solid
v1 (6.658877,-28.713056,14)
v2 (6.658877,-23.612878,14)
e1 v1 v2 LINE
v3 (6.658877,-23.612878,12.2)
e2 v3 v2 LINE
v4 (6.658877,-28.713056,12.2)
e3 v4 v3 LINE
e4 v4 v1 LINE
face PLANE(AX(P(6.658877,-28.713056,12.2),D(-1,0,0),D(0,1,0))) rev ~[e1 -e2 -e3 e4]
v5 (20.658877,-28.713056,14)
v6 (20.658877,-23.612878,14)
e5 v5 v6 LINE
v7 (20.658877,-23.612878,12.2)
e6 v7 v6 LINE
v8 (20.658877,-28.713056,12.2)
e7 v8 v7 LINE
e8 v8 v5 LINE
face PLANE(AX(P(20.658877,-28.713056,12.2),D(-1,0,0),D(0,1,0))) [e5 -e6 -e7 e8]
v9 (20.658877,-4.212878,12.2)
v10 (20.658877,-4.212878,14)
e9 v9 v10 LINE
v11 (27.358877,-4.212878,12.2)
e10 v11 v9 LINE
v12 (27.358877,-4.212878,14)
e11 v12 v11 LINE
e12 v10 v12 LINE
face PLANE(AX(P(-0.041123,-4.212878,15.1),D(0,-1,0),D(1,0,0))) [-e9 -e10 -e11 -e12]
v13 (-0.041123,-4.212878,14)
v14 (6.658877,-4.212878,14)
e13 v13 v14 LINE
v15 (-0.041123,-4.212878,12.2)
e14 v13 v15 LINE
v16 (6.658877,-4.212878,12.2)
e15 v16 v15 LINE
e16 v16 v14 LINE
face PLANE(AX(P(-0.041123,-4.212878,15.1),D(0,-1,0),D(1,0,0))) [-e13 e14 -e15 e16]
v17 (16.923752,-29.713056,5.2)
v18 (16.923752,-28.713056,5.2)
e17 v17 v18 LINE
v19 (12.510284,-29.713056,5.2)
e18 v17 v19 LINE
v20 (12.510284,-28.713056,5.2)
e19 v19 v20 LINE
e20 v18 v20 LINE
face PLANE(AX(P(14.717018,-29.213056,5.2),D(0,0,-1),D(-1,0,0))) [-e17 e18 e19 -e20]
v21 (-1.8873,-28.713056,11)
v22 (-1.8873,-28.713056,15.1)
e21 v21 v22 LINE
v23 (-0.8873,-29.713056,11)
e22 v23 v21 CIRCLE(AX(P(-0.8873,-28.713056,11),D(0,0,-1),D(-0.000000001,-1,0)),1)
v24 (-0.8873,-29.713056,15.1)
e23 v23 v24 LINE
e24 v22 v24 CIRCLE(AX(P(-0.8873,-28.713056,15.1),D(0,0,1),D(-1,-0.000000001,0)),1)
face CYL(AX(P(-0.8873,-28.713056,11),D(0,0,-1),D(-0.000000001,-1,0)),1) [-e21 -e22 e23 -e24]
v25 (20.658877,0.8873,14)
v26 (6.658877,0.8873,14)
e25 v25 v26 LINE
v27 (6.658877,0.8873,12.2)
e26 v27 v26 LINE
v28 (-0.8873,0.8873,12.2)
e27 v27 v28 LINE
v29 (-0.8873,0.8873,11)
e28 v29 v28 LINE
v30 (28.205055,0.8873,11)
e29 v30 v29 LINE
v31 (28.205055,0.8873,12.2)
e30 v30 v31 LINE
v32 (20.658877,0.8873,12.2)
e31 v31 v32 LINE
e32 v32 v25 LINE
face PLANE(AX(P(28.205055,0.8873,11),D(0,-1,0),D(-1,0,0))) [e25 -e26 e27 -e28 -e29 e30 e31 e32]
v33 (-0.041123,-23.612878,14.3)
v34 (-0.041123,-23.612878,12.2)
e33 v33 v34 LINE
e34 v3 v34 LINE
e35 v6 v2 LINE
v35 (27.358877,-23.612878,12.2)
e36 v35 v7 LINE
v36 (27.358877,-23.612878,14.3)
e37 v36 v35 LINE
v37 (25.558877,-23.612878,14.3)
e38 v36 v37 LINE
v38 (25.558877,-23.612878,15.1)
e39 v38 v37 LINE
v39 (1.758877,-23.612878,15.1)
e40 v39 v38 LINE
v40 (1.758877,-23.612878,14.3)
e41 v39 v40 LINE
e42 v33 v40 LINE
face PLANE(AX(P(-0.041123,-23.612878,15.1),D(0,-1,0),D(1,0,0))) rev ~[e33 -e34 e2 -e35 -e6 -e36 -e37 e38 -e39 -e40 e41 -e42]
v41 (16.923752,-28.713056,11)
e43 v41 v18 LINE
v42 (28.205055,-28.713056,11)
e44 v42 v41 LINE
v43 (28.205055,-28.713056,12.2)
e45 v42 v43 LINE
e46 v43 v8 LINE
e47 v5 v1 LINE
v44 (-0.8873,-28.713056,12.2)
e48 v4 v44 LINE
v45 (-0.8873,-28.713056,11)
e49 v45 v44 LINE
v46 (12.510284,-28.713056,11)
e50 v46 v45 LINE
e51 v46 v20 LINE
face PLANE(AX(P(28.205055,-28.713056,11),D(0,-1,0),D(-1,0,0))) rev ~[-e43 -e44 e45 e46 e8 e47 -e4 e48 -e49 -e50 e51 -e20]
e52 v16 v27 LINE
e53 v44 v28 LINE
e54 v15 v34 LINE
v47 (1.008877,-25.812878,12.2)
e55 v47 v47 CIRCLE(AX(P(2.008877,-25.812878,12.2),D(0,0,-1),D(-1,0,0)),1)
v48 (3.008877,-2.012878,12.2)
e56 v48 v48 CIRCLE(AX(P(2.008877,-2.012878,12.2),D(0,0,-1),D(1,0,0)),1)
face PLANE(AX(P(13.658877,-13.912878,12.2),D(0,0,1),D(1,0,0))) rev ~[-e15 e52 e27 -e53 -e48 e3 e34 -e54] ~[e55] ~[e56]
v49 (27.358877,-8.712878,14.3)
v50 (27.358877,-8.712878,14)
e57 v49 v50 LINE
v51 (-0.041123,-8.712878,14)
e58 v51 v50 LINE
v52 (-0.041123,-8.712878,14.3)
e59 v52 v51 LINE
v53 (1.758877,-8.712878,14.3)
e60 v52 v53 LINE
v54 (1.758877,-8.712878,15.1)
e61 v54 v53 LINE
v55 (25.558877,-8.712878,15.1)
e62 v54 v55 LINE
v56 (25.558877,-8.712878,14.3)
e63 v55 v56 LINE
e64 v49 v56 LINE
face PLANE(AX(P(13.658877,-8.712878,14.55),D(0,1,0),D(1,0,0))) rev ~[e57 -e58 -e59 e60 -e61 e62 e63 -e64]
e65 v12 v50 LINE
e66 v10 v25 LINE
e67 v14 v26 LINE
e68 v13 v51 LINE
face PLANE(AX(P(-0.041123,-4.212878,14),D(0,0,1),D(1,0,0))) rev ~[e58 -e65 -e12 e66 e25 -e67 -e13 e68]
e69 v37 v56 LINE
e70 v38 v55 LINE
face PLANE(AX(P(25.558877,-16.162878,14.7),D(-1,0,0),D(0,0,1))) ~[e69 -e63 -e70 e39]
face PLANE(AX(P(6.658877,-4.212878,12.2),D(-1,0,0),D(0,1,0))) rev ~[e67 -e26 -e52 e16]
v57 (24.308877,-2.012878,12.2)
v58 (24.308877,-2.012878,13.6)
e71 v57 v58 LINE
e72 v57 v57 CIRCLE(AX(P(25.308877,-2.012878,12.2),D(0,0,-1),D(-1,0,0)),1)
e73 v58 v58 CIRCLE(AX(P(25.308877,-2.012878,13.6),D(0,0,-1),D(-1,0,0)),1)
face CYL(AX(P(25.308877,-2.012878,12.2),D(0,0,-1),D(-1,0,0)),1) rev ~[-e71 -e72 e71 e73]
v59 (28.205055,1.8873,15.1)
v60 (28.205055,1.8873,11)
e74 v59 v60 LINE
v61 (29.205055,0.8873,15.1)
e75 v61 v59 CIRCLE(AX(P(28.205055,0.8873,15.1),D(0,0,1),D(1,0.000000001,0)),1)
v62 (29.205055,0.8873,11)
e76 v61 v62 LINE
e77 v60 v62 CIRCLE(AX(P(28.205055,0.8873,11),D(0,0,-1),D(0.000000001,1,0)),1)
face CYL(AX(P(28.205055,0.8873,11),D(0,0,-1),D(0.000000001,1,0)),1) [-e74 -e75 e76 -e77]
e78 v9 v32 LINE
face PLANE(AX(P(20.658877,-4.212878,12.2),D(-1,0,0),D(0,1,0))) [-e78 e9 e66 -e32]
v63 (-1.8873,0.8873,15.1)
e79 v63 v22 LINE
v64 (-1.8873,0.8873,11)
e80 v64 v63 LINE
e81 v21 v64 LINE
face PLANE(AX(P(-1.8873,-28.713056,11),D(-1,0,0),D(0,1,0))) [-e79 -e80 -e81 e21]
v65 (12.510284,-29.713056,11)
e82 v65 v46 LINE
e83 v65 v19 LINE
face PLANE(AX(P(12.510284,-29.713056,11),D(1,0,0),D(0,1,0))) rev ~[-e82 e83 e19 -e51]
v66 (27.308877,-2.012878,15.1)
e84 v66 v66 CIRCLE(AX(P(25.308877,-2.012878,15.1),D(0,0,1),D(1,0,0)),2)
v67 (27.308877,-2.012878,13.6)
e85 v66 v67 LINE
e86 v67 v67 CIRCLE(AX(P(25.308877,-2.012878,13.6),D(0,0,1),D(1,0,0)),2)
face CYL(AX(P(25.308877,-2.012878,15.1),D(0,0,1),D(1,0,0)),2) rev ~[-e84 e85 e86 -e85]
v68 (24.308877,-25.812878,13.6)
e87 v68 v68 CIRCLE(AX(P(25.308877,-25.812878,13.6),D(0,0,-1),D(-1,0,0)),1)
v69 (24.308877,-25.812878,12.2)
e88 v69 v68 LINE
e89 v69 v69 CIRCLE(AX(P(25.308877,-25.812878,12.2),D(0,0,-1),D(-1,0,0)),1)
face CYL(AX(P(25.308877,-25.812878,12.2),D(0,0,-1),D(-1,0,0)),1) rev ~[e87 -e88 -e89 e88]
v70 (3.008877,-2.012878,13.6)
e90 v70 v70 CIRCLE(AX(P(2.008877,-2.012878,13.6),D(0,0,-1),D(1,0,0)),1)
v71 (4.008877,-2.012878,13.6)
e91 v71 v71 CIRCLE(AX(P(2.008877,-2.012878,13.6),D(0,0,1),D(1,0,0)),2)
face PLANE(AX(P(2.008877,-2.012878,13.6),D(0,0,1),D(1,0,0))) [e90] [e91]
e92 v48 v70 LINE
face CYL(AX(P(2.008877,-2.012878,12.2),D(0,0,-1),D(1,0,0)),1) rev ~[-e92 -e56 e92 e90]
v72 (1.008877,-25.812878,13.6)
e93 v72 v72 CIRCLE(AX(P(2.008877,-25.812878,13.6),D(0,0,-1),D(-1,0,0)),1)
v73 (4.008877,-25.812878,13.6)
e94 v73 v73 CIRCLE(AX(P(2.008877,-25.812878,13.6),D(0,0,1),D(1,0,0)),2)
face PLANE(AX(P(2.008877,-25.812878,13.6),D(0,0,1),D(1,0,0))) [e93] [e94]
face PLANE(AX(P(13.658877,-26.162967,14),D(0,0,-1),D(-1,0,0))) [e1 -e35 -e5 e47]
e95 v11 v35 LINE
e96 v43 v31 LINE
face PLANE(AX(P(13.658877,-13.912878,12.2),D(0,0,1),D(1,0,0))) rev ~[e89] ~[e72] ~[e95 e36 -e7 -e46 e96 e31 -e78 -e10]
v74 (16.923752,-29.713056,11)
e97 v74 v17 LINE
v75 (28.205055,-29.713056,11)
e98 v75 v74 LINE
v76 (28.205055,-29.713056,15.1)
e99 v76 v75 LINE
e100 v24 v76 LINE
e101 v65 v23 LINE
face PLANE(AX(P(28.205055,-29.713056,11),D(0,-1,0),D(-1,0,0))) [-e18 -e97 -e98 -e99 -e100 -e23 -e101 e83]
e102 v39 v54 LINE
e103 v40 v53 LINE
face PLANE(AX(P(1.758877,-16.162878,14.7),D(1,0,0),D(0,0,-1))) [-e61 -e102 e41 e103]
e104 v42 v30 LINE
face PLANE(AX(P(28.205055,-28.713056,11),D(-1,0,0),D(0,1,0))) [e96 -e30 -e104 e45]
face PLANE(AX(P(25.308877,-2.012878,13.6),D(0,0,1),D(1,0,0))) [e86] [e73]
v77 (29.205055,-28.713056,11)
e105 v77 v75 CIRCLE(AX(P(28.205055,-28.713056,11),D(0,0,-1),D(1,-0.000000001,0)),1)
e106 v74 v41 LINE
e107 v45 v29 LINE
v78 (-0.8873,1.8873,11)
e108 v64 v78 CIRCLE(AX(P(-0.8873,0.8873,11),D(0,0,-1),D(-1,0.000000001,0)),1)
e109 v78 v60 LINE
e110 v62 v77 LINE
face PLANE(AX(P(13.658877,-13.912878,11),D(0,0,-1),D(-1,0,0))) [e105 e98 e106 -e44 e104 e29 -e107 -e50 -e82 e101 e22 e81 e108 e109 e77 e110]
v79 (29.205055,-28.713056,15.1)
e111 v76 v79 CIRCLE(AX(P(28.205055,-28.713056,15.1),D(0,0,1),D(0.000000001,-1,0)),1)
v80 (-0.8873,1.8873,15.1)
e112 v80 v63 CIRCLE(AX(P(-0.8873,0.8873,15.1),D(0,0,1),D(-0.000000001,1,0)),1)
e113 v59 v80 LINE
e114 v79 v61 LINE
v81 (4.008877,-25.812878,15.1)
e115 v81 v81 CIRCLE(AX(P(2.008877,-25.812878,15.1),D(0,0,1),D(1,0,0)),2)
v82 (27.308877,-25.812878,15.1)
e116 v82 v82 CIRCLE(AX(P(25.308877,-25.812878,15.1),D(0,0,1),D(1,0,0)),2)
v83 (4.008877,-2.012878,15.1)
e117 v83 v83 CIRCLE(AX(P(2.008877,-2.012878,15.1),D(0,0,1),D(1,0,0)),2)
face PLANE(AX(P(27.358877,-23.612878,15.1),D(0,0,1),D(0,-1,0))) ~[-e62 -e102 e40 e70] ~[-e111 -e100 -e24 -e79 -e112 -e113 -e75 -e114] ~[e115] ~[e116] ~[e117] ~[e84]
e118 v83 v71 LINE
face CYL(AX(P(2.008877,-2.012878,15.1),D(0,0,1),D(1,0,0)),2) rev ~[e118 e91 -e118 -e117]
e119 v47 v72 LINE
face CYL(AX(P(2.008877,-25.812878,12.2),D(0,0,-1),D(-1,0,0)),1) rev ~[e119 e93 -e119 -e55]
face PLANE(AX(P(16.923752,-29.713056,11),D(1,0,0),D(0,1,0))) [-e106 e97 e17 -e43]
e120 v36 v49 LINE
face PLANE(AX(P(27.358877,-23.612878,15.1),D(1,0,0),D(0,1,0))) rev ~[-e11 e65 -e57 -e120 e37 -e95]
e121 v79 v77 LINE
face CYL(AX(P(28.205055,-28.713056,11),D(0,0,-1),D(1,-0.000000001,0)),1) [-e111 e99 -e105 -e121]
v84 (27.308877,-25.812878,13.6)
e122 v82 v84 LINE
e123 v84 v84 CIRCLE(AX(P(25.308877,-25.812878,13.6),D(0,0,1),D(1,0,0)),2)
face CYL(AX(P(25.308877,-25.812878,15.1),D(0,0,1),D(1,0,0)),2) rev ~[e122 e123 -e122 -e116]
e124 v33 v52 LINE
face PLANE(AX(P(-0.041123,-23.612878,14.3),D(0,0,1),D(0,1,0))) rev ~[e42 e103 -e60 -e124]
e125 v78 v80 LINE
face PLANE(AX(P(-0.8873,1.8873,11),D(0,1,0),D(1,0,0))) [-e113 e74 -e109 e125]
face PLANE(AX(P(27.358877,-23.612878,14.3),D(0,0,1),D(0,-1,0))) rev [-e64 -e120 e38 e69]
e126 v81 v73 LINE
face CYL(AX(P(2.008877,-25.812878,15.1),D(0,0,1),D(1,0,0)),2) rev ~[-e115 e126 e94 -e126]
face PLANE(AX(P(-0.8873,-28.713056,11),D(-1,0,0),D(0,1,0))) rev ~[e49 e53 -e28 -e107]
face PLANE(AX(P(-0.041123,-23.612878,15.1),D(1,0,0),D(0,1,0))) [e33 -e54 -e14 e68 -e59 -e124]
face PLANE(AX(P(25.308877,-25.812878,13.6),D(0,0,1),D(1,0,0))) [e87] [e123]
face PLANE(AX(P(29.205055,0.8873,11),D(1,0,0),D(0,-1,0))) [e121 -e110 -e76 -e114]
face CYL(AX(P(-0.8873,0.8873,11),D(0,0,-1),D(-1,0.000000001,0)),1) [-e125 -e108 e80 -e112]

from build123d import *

# Parameters (mm, degrees)
EXTRUDE_1_DEPTH     = 2.9
CUT_EXTRUDE_1_REACH = 43.764
SKETCH_2_R          = 1
EXTRUDE_START       = 1.2
SKETCH_3_W          = 29.092354585
SKETCH_3_H          = 29.600355601
EXTRUDE_2_DEPTH     = 1.2
CUT_EXTRUDE_2_REACH = 43.864
SKETCH_4_W          = 27.4
SKETCH_4_H          = 19.4
SKETCH_5_W          = 14
SKETCH_5_H          = 5.100177801
SKETCH_5_H_2        = 5.1001778
CUT_EXTRUDE_3_DEPTH = 1.8
SKETCH_6_W          = 4.41346869
SKETCH_6_H          = 1
EXTRUDE_3_DEPTH     = 5.8
SKETCH_8_W          = 27.4
SKETCH_8_H          = 1.1
EXTRUDE_4_DEPTH     = 4.5
SKETCH_9_R          = 2
CUT_EXTRUDE_4_DEPTH = 1.5
SKETCH_10_W         = 0.8
SKETCH_10_H         = 14.9
EXTRUDE_5_DEPTH     = 1.8


with BuildPart() as part:
    # 草图1 → 凸台-拉伸1 (new body)
    with BuildSketch(Plane.XY.offset(12.2)):
        with BuildLine():
            Line((28.20505461, 1.887299975), (-0.887299975, 1.887299975))
            ThreePointArc((-0.887299975, 1.887299975), (-1.594406756, 1.594406756), (-1.887299975, 0.887299975))
            Line((-1.887299975, 0.887299975), (-1.887299975, -28.713055626))
            ThreePointArc((-1.887299975, -28.713055626), (-1.594406756, -29.420162407), (-0.887299975, -29.713055626))
            Line((-0.887299975, -29.713055626), (12.510283784, -29.713055626))
            Line((12.510283784, -29.713055626), (16.923752474, -29.713055626))
            Line((16.923752474, -29.713055626), (28.20505461, -29.713055626))
            ThreePointArc((28.20505461, -29.713055626), (28.912161391, -29.420162407), (29.20505461, -28.713055626))
            Line((29.20505461, -28.713055626), (29.20505461, 0.887299975))
            ThreePointArc((29.20505461, 0.887299975), (28.912161391, 1.594406756), (28.20505461, 1.887299975))
        make_face()
    extrude(amount=EXTRUDE_1_DEPTH)

    # 草图2 → 切除-拉伸1 (cut, up to next)
    with BuildSketch(Plane(origin=(0, 0, 12.2), x_dir=(-1, 0, 0), z_dir=(0, 0, -1)), mode=Mode.PRIVATE) as cut_extrude_1_sk1:
        with Locations((-25.308877318, -2.012877826)):
            Circle(SKETCH_2_R)
    cut_extrude_1_tool1 = extrude(cut_extrude_1_sk1.sketch, amount=-CUT_EXTRUDE_1_REACH, mode=Mode.PRIVATE) & part.part
    # 草图2 → 切除-拉伸1 (cut, up to next)
    with BuildSketch(Plane(origin=(0, 0, 12.2), x_dir=(-1, 0, 0), z_dir=(0, 0, -1)), mode=Mode.PRIVATE) as cut_extrude_1_sk2:
        with Locations((-25.308877318, -25.812877826)):
            Circle(SKETCH_2_R)
    cut_extrude_1_tool2 = extrude(cut_extrude_1_sk2.sketch, amount=-CUT_EXTRUDE_1_REACH, mode=Mode.PRIVATE) & part.part
    # 草图2 → 切除-拉伸1 (cut, up to next)
    with BuildSketch(Plane(origin=(0, 0, 12.2), x_dir=(-1, 0, 0), z_dir=(0, 0, -1)), mode=Mode.PRIVATE) as cut_extrude_1_sk3:
        with Locations((-2.008877318, -25.812877826)):
            Circle(SKETCH_2_R)
    cut_extrude_1_tool3 = extrude(cut_extrude_1_sk3.sketch, amount=-CUT_EXTRUDE_1_REACH, mode=Mode.PRIVATE) & part.part
    # 草图2 → 切除-拉伸1 (cut, up to next)
    with BuildSketch(Plane(origin=(0, 0, 12.2), x_dir=(-1, 0, 0), z_dir=(0, 0, -1)), mode=Mode.PRIVATE) as cut_extrude_1_sk4:
        with Locations(Location((-2.008877318, -2.012877826, 0), (0, 0, 180))):
            Circle(SKETCH_2_R)
    cut_extrude_1_tool4 = extrude(cut_extrude_1_sk4.sketch, amount=-CUT_EXTRUDE_1_REACH, mode=Mode.PRIVATE) & part.part
    add(cut_extrude_1_tool1.solids().sort_by_distance((25.308877, -2.012878, 12.2))[0], mode=Mode.SUBTRACT)
    add(cut_extrude_1_tool2.solids().sort_by_distance((25.308877, -25.812878, 12.2))[0], mode=Mode.SUBTRACT)
    add(cut_extrude_1_tool3.solids().sort_by_distance((2.008877, -25.812878, 12.2))[0], mode=Mode.SUBTRACT)
    add(cut_extrude_1_tool4.solids().sort_by_distance((2.008877, -2.012878, 12.2))[0], mode=Mode.SUBTRACT)

    # 草图3 → 凸台-拉伸2 (add)
    with BuildSketch(Plane(origin=(0, 0, 12.2), x_dir=(-1, 0, 0), z_dir=(0, 0, -1)).offset(EXTRUDE_START)):
        with BuildLine():
            Line((0.887299975, 1.887299975), (-28.20505461, 1.887299975))
            ThreePointArc((-28.20505461, 1.887299975), (-28.912161391, 1.594406756), (-29.20505461, 0.887299975))
            Line((-29.20505461, 0.887299975), (-29.20505461, -28.713055626))
            ThreePointArc((-29.20505461, -28.713055626), (-28.912161391, -29.420162407), (-28.20505461, -29.713055626))
            Line((-28.20505461, -29.713055626), (0.887299975, -29.713055626))
            ThreePointArc((0.887299975, -29.713055626), (1.594406756, -29.420162407), (1.887299975, -28.713055626))
            Line((1.887299975, -28.713055626), (1.887299975, 0.887299975))
            ThreePointArc((1.887299975, 0.887299975), (1.594406756, 1.594406756), (0.887299975, 1.887299975))
        make_face()
        with Locations((-13.658877318, -13.912877826)):
            Rectangle(SKETCH_3_W, SKETCH_3_H, mode=Mode.SUBTRACT)
    extrude(amount=-EXTRUDE_2_DEPTH)

    # 草图4 → 切除-拉伸2 (cut, up to next)
    with BuildSketch(Plane.XY.offset(15.1), mode=Mode.PRIVATE) as cut_extrude_2_sk1:
        with Locations((13.658877318, -13.912877826)):
            Rectangle(SKETCH_4_W, SKETCH_4_H)
    cut_extrude_2_tool1 = extrude(cut_extrude_2_sk1.sketch, amount=-CUT_EXTRUDE_2_REACH, mode=Mode.PRIVATE) & part.part
    add(cut_extrude_2_tool1.solids().sort_by_distance((13.658877, -13.912878, 15.1))[0], mode=Mode.SUBTRACT)

    # 草图5 → 切除-拉伸3 (cut)
    with BuildSketch(Plane(origin=(0, 0, 12.2), x_dir=(-1, 0, 0), z_dir=(0, 0, -1))):
        with Locations((-13.658877318, -1.662788926)):
            Rectangle(SKETCH_5_W, SKETCH_5_H)
        with Locations((-13.658877318, -26.162966726)):
            Rectangle(SKETCH_5_W, SKETCH_5_H_2)
    extrude(amount=-CUT_EXTRUDE_3_DEPTH, mode=Mode.SUBTRACT)

    # 草图6 → 凸台-拉伸3 (add)
    with BuildSketch(Plane(origin=(0, 0, 11), x_dir=(-1, 0, 0), z_dir=(0, 0, -1))):
        with Locations((-14.717018129, -29.213055626)):
            Rectangle(SKETCH_6_W, SKETCH_6_H)
    extrude(amount=EXTRUDE_3_DEPTH)

    # 草图8 → 凸台-拉伸4 (add)
    with BuildSketch(Plane(origin=(0, -4.212877826, 0), x_dir=(1, 0, 0), z_dir=(0, 1, 0))):
        with Locations((13.658877318, -14.55)):
            Rectangle(SKETCH_8_W, SKETCH_8_H)
    extrude(amount=-EXTRUDE_4_DEPTH)

    # 草图9 → 切除-拉伸4 (cut)
    with BuildSketch(Plane.XY.offset(15.1)):
        with Locations((25.308877318, -2.012877826)):
            Circle(SKETCH_9_R)
        with Locations((2.008877318, -2.012877826)):
            Circle(SKETCH_9_R)
        with Locations((2.008877318, -25.812877826)):
            Circle(SKETCH_9_R)
        with Locations((25.308877318, -25.812877826)):
            Circle(SKETCH_9_R)
    extrude(amount=-CUT_EXTRUDE_4_DEPTH, mode=Mode.SUBTRACT)

    # 草图10 → 凸台-拉伸5 (add)
    with BuildSketch(Plane(origin=(-0.041122682, 0, 0), x_dir=(0, 0, -1), z_dir=(1, 0, 0))):
        with Locations((-14.7, -16.162877826)):
            Rectangle(SKETCH_10_W, SKETCH_10_H)
    extrude_5 = extrude(amount=EXTRUDE_5_DEPTH)

    # 镜向1: 凸台-拉伸5 across plane
    add(extrude_5.mirror(Plane(origin=(13.658877318, 0, 0), x_dir=(0, 0, 1), z_dir=(1, 0, 0))))


solid = part.part
